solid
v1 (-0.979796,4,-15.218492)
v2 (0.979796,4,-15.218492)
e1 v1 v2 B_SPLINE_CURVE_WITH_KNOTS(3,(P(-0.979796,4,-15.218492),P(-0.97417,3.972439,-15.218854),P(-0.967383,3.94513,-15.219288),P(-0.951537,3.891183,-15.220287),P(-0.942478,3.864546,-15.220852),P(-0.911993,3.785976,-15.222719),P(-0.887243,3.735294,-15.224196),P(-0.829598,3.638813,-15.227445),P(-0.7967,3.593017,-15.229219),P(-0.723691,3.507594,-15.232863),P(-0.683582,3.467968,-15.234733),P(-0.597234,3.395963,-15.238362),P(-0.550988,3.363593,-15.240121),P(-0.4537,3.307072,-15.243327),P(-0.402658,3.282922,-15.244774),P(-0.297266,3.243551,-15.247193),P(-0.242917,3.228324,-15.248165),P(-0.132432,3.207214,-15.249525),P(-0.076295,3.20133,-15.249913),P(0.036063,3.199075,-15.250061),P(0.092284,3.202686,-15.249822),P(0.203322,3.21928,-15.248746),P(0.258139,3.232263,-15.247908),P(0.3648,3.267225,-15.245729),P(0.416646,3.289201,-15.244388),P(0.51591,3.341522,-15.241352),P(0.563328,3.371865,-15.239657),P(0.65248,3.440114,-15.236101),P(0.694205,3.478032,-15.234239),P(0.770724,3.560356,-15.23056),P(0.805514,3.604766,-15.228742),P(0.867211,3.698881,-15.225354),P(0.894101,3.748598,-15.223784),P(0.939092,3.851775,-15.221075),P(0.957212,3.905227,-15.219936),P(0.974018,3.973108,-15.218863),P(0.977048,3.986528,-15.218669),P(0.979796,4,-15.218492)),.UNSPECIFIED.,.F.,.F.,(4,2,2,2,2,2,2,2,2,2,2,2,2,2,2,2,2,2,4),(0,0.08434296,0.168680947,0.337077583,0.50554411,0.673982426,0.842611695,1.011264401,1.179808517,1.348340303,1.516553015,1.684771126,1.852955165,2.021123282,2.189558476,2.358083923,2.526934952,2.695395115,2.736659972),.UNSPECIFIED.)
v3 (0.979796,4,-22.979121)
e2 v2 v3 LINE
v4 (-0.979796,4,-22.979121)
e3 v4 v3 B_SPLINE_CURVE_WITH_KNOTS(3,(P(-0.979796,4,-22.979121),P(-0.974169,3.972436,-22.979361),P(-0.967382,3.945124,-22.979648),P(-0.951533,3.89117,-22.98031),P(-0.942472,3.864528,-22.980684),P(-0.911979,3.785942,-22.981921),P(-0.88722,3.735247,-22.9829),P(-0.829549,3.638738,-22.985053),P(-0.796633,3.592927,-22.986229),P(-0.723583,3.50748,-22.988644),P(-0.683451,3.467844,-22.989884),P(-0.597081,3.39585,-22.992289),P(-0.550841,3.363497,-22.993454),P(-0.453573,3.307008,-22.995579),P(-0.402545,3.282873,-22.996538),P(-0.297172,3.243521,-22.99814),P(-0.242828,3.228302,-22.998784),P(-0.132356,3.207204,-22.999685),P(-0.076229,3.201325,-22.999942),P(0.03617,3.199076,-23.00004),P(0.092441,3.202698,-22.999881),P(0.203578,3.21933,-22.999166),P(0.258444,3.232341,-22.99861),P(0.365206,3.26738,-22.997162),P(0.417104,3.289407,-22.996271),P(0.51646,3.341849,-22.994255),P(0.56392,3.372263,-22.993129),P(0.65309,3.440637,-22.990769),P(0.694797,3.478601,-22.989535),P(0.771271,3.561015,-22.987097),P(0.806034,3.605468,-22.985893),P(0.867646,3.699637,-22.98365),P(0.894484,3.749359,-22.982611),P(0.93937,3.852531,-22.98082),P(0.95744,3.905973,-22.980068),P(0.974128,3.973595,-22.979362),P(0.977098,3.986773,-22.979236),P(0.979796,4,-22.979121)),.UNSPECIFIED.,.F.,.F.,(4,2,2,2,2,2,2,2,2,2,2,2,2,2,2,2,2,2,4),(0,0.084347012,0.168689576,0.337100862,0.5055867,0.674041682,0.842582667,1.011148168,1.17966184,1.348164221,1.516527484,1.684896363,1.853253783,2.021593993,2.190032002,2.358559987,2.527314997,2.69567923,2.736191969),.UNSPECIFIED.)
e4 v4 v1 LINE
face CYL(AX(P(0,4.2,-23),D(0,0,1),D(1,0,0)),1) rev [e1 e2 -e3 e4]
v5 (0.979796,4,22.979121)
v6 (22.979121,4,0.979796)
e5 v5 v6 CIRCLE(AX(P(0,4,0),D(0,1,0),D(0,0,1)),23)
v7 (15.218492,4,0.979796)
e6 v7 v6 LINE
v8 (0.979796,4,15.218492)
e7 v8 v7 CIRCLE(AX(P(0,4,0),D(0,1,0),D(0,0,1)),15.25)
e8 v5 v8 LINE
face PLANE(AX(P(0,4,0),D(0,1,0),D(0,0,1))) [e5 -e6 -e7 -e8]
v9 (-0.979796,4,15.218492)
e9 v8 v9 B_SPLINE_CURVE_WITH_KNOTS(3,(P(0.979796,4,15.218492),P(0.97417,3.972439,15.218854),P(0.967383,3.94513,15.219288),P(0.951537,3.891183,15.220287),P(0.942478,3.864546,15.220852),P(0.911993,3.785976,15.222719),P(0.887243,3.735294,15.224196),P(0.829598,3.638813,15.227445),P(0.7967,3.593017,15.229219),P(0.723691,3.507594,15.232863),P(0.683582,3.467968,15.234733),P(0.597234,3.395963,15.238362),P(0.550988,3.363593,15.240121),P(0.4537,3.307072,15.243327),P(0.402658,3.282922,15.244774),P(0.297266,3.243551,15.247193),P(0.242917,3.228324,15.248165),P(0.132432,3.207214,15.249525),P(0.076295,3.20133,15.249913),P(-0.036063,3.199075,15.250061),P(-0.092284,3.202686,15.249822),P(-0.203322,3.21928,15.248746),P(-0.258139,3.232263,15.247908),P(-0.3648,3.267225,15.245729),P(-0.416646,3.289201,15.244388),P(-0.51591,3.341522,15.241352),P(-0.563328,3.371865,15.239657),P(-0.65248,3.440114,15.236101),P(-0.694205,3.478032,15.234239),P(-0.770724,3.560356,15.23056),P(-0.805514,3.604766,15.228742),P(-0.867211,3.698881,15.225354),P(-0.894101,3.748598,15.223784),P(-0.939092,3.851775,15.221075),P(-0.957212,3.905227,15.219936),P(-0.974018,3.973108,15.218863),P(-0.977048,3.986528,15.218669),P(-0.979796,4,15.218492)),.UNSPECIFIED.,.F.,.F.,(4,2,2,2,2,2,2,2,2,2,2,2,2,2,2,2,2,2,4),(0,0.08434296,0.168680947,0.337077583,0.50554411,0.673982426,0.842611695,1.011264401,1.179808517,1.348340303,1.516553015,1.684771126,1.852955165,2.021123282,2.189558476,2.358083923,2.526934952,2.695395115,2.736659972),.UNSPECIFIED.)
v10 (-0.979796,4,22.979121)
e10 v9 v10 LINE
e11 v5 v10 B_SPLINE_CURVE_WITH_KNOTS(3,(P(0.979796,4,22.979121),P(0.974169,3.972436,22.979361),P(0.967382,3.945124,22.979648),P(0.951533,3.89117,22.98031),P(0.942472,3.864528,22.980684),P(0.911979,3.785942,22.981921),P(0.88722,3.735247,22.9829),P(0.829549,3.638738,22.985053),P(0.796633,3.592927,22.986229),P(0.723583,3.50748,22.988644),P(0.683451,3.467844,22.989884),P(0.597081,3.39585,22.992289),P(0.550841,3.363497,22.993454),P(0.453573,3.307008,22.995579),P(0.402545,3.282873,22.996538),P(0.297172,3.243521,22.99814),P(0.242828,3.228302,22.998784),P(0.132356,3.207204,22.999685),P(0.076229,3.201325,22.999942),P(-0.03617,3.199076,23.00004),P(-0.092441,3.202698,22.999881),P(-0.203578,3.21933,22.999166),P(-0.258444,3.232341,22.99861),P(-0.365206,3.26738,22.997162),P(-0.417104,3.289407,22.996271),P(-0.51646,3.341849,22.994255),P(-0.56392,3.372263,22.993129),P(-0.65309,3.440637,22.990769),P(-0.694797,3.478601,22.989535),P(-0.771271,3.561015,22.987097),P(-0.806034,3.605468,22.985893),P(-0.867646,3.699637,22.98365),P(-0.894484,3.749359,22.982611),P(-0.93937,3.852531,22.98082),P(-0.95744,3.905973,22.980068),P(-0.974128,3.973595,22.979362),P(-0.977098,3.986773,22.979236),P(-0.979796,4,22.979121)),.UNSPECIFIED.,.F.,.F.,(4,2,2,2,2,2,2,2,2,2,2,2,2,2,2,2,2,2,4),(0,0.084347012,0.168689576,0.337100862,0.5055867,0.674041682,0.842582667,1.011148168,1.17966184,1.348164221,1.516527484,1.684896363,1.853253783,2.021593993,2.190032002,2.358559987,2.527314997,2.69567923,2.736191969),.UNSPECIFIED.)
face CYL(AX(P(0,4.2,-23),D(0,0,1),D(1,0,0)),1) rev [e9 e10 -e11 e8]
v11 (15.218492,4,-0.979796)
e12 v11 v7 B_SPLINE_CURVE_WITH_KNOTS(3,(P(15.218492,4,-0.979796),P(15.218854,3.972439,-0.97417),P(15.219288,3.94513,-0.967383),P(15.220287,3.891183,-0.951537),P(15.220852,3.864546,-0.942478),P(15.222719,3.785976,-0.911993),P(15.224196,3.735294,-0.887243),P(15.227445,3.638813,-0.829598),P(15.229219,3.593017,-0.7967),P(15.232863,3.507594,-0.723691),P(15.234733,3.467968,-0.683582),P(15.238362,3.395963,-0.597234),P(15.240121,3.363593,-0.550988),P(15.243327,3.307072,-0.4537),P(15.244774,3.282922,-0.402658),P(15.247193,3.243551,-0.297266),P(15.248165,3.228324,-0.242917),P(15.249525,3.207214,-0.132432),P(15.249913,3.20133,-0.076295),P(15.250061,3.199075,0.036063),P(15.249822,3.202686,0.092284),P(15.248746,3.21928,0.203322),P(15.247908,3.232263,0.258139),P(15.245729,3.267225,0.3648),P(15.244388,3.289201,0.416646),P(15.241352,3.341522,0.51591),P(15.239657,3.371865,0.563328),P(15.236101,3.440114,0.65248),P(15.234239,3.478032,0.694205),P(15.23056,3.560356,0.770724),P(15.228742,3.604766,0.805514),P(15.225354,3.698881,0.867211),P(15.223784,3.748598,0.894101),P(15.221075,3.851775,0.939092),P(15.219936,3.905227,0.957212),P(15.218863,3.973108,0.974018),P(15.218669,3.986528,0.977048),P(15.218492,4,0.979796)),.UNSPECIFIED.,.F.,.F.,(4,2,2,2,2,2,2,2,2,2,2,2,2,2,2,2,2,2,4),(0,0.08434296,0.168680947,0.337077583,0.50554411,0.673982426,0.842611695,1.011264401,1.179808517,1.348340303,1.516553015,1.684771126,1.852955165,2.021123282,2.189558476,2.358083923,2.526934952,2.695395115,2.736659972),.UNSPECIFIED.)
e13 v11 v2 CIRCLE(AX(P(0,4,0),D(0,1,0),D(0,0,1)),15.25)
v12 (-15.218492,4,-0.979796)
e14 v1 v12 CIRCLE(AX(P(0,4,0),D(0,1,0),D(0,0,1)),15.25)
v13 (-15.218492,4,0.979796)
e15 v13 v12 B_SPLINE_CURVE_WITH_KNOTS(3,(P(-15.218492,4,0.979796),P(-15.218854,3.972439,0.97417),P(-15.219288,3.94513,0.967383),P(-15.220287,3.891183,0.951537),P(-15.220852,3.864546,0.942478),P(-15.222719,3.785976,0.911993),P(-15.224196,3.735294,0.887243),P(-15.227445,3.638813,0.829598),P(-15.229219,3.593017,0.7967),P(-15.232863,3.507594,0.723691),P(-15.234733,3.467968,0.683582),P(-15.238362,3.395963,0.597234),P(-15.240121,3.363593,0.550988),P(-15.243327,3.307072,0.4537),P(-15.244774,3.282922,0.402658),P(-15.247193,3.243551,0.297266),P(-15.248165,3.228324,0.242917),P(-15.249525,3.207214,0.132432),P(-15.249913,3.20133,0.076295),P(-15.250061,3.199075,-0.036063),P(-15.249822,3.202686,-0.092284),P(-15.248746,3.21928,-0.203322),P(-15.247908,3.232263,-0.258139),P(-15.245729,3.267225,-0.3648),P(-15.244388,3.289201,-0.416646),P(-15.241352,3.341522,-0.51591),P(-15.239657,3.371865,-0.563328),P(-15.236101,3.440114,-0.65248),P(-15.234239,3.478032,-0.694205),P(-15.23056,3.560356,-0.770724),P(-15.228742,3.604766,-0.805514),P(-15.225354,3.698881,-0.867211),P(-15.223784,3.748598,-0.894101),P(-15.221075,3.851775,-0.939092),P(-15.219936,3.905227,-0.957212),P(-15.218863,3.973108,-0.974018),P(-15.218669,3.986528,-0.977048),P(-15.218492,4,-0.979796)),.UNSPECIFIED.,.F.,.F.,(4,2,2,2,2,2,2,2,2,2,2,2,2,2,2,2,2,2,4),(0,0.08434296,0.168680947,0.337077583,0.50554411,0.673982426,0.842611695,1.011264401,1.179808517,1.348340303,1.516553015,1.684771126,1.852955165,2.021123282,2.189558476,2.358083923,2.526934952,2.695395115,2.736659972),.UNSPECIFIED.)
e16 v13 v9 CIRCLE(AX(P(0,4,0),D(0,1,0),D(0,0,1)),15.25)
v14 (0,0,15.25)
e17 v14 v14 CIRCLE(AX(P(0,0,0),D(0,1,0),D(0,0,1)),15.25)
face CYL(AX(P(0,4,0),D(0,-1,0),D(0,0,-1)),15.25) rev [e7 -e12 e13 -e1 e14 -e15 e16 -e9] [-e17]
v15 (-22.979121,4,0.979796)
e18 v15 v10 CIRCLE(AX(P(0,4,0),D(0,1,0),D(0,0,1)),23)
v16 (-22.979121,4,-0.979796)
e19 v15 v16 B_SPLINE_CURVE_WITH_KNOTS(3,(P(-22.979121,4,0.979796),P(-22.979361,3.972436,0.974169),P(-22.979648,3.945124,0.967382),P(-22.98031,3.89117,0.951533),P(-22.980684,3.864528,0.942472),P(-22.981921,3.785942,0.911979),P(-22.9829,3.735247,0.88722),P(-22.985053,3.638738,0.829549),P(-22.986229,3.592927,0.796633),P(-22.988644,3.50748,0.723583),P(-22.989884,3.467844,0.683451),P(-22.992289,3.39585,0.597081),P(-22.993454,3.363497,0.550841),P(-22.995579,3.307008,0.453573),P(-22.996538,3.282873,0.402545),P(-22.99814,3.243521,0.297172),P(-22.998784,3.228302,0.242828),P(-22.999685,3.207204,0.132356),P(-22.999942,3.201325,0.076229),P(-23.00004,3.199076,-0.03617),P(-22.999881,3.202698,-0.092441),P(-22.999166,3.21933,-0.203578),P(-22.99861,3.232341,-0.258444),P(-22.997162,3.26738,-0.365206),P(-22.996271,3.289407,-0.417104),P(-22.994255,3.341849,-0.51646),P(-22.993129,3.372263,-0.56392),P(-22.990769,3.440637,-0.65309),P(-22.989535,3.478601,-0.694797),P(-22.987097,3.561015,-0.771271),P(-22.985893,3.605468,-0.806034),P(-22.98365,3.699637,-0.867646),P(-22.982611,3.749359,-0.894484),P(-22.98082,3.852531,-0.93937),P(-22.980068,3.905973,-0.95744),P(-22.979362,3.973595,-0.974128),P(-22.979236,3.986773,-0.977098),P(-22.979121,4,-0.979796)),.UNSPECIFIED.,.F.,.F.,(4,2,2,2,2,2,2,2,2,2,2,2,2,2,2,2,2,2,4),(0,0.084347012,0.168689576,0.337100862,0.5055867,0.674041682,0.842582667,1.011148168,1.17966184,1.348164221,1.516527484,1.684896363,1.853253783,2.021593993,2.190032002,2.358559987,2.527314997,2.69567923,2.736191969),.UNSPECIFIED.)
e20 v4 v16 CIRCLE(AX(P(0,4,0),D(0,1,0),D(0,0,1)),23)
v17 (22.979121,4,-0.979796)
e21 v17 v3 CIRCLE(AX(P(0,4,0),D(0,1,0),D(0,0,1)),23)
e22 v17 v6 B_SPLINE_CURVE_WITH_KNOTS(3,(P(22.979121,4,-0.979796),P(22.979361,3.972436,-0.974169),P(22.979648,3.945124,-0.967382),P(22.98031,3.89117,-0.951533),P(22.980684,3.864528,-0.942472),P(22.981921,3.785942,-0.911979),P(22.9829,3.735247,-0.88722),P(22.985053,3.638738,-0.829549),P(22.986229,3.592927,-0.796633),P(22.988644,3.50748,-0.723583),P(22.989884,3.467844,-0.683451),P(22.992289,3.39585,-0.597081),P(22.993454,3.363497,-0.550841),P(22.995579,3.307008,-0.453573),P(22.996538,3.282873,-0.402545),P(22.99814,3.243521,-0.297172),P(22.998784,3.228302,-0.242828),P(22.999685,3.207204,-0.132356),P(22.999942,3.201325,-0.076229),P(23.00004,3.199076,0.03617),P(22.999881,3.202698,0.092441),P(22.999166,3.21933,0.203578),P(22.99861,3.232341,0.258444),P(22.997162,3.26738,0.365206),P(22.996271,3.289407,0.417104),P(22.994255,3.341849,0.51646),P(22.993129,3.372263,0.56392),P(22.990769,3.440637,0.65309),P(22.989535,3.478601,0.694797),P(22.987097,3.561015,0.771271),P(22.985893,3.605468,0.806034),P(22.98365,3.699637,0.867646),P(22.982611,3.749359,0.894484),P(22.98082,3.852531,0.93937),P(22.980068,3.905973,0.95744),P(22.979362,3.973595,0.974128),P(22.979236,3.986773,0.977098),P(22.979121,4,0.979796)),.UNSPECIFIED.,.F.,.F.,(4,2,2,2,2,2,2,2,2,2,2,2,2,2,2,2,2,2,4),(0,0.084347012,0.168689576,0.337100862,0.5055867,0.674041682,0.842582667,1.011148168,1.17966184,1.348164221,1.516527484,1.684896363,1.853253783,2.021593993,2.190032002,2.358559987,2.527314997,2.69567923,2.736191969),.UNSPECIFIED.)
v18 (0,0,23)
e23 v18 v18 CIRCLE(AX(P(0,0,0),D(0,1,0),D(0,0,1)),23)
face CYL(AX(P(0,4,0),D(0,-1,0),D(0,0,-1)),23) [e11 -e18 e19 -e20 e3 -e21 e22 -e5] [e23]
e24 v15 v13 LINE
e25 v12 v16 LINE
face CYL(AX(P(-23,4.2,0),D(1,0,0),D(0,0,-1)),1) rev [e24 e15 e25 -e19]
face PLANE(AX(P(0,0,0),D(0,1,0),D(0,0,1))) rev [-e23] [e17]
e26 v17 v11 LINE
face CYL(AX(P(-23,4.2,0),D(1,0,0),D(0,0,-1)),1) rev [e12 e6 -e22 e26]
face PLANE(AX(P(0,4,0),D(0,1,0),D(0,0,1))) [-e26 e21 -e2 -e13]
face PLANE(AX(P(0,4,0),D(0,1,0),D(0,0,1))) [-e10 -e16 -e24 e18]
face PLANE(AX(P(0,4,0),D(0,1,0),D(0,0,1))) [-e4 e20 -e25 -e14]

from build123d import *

# Parameters (mm, degrees)
SKETCH1_R               = 23
SKETCH1_R_2             = 15.25
BOSS_EXTRUDE1_DEPTH     = 4
CUT_EXTRUDE1_DEPTH      = 33.771939216
CUT_EXTRUDE1_DEPTH_BACK = 33.771939216
SKETCH2_R               = 1
CUT_EXTRUDE2_DEPTH      = 33.771939369
CUT_EXTRUDE2_DEPTH_BACK = 33.771939369
SKETCH4_R               = 1


with BuildPart() as part:
    # Sketch1 → Boss-Extrude1 (new body)
    with BuildSketch(Plane(origin=(0, 0, 0), x_dir=(1, 0, 0), z_dir=(0, 1, 0))):
        Circle(SKETCH1_R)
        Circle(SKETCH1_R_2, mode=Mode.SUBTRACT)
    extrude(amount=BOSS_EXTRUDE1_DEPTH)

    # Sketch2 → Cut-Extrude1 (cut, two sides: drawn at the far end of the back side and taken through both)
    with BuildSketch(Plane.XY.offset(-CUT_EXTRUDE1_DEPTH_BACK)):
        with Locations((0, 4.2)):
            Circle(SKETCH2_R)
    extrude(amount=CUT_EXTRUDE1_DEPTH + CUT_EXTRUDE1_DEPTH_BACK, mode=Mode.SUBTRACT)

    # Sketch4 → Cut-Extrude2 (cut, two sides: drawn at the far end of the back side and taken through both)
    with BuildSketch(Plane(origin=(0, 0, 0), x_dir=(0, 0, -1), z_dir=(1, 0, 0)).offset(-CUT_EXTRUDE2_DEPTH_BACK)):
        with Locations((0, 4.2)):
            Circle(SKETCH4_R)
    extrude(amount=CUT_EXTRUDE2_DEPTH + CUT_EXTRUDE2_DEPTH_BACK, mode=Mode.SUBTRACT)


solid = part.part
